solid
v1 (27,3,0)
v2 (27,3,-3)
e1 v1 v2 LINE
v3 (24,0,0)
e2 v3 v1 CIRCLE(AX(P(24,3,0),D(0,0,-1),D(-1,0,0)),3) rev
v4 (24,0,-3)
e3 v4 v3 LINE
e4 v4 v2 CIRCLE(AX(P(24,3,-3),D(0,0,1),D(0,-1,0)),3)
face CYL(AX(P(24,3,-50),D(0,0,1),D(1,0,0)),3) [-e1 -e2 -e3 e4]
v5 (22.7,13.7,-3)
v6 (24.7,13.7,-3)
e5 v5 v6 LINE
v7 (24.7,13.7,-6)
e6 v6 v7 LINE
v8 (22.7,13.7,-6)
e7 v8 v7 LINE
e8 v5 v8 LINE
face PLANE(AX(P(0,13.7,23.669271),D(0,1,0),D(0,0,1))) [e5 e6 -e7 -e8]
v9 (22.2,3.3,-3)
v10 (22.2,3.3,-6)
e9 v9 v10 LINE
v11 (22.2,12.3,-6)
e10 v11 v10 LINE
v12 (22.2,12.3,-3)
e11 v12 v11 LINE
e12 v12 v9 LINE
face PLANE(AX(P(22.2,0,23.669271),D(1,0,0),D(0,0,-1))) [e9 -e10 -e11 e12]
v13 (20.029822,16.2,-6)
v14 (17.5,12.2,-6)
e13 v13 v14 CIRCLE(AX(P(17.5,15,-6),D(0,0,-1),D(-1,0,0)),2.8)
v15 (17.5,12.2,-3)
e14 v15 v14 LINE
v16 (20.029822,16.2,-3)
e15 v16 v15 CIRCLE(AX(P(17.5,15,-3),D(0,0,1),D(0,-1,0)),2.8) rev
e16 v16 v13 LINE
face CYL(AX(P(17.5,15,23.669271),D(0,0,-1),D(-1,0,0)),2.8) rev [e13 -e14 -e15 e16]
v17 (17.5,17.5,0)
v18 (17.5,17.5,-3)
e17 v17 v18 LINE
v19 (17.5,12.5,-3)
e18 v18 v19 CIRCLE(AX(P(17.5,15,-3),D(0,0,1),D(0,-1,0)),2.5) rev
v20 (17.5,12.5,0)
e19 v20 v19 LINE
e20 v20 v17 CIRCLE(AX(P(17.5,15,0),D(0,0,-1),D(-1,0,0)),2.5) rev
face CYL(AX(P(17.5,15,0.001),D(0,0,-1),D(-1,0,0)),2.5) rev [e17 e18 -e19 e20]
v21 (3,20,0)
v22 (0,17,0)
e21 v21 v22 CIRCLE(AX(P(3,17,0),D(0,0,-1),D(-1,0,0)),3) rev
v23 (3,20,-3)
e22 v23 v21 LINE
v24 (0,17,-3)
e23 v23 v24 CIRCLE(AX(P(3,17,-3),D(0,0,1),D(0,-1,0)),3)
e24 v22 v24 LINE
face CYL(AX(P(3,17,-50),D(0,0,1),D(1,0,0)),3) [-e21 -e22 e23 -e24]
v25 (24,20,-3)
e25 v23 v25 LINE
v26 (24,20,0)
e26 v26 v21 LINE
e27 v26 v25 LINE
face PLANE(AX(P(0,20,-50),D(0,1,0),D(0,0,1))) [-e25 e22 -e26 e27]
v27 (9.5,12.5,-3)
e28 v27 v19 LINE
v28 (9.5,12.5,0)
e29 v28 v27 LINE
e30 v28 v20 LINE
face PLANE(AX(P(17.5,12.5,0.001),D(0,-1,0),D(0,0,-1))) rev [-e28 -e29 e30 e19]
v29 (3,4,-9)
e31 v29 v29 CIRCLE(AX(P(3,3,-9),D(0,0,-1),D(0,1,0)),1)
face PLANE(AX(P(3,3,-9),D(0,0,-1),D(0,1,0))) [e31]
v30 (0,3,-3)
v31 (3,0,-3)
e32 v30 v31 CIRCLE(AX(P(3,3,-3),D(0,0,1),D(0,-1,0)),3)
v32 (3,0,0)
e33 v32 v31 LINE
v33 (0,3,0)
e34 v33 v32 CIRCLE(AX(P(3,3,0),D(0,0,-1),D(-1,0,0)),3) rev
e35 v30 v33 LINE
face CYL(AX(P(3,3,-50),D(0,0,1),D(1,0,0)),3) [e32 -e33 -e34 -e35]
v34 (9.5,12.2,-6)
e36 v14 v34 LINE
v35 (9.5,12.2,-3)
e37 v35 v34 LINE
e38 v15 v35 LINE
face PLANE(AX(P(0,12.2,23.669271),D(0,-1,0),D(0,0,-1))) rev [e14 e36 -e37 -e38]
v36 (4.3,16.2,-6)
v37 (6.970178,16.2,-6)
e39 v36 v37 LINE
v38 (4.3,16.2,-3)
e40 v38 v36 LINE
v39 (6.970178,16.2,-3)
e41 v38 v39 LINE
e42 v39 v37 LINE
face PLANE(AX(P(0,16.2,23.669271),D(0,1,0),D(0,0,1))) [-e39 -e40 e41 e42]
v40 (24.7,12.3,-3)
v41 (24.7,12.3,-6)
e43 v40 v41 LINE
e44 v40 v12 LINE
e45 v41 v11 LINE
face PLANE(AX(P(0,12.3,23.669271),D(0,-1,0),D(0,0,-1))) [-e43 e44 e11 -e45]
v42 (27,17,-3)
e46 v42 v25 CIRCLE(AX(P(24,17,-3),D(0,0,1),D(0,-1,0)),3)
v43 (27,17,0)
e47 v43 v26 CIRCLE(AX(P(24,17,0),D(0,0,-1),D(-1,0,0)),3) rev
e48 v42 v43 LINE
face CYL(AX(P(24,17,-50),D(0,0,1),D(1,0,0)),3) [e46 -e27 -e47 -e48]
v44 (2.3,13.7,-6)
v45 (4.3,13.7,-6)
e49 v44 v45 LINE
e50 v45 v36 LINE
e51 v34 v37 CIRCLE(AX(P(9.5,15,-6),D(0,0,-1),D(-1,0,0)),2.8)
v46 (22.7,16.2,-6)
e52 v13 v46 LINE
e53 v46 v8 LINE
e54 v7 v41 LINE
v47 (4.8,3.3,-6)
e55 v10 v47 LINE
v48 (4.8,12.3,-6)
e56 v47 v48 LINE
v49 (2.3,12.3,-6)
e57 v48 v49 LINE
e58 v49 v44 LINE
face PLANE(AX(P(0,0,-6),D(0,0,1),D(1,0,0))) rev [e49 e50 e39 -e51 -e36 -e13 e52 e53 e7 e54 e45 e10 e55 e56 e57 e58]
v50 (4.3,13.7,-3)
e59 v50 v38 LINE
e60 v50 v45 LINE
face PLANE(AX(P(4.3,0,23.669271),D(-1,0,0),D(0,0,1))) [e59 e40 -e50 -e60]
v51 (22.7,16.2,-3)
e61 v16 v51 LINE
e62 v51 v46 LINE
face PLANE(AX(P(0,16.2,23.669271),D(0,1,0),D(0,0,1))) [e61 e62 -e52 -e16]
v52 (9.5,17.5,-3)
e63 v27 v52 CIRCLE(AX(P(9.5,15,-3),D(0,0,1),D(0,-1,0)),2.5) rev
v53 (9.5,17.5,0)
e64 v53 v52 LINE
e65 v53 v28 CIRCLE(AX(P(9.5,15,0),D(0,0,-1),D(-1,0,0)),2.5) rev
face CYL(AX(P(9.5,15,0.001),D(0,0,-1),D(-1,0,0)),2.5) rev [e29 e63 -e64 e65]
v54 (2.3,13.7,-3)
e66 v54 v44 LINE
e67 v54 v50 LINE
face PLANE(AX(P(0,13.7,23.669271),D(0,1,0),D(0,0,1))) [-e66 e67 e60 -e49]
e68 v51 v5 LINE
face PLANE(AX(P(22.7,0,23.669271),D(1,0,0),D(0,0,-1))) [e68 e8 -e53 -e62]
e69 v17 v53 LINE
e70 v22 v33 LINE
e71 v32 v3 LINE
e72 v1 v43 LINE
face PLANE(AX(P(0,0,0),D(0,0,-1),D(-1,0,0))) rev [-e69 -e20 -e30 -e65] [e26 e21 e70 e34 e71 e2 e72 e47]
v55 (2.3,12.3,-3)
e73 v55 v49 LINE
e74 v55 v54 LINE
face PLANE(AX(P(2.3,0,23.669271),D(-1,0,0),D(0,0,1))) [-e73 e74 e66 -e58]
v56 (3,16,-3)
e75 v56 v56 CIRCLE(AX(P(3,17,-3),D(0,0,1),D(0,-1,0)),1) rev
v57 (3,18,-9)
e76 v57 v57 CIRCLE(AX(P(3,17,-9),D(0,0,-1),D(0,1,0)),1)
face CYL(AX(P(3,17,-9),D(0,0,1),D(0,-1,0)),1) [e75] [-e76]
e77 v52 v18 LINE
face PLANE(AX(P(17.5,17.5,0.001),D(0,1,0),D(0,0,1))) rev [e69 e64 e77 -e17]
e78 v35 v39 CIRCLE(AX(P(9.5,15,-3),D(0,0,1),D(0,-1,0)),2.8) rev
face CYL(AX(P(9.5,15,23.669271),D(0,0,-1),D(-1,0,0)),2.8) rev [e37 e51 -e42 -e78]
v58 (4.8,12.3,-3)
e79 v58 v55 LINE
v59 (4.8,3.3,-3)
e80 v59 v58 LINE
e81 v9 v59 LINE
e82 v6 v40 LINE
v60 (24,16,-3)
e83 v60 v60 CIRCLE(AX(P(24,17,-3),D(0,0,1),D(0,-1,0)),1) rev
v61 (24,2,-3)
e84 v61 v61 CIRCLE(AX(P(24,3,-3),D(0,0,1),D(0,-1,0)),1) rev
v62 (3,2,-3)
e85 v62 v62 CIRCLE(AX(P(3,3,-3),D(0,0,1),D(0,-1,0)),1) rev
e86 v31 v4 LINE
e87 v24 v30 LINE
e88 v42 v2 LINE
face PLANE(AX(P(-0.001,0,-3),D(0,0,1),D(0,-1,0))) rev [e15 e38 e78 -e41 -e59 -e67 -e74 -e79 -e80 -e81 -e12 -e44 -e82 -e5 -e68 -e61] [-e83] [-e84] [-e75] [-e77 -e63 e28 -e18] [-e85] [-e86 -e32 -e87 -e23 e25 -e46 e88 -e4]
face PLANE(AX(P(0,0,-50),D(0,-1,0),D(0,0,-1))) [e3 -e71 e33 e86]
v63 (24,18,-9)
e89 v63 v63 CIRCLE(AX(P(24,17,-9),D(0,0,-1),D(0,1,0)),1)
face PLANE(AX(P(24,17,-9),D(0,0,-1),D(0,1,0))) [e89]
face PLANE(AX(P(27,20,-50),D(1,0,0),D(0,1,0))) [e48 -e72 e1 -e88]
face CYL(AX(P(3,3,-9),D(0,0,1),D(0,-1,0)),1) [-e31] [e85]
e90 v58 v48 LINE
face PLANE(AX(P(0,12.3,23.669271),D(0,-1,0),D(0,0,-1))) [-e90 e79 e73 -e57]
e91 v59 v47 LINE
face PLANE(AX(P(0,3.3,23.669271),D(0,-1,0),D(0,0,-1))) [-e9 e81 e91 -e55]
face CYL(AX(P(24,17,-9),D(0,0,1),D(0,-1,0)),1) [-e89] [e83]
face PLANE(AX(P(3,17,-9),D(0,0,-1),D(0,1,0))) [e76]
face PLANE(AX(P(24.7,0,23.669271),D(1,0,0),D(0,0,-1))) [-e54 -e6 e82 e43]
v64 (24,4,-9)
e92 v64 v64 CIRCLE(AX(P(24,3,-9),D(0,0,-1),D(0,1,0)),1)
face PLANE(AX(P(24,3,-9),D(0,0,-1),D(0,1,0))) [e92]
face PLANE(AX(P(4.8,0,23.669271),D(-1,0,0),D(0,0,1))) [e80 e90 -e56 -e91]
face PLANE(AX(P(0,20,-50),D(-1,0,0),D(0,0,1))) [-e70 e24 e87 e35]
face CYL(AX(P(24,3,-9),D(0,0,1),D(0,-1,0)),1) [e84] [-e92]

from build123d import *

# Parameters (mm, degrees)
SKETCH1_W           = 27
SKETCH1_H           = 20
BOSS_EXTRUDE1_DEPTH = 50
SKETCH2_W           = 19
SKETCH2_H           = 14
BOSS_EXTRUDE2_DEPTH = 2
SKETCH3_W           = 23
SKETCH3_H           = 2
CUT_EXTRUDE1_DEPTH  = 48
SKETCH4_W           = 0.5
SKETCH4_H           = 9
SKETCH4_W_2         = 19
SKETCH4_H_2         = 0.5
BOSS_EXTRUDE3_DEPTH = 48
FILLET1_R           = 3
CUT_EXTRUDE6_REACH  = 62.241
SKETCH7_W           = 47
SKETCH7_H           = 20
BOSS_EXTRUDE5_DEPTH = 6
CUT_EXTRUDE7_REACH  = 36.132
SKETCH9_R           = 1
BOSS_EXTRUDE6_DEPTH = 6
CUT_EXTRUDE8_DEPTH  = 3


with BuildPart() as part:
    # Sketch1 → Boss-Extrude1 (new body)
    with BuildSketch(Plane.XY):
        with Locations((13.5, 10)):
            Rectangle(SKETCH1_W, SKETCH1_H)
        Polygon((4, 17), (23, 17), (23, 16), (23, 4), (23, 3), (4, 3), (4, 4), (4, 16), align=None, mode=Mode.SUBTRACT)
    extrude(amount=-BOSS_EXTRUDE1_DEPTH)

    # Sketch2 → Boss-Extrude2 (add)
    with BuildSketch(Plane(origin=(0, 0, -50), x_dir=(-1, 0, 0), z_dir=(0, 0, -1))):
        with Locations((-13.5, 10)):
            Rectangle(SKETCH2_W, SKETCH2_H)
    extrude(amount=-BOSS_EXTRUDE2_DEPTH)

    # Sketch3 → Cut-Extrude1 (cut)
    with BuildSketch(Plane.XY):
        with Locations((13.5, 13)):
            Rectangle(SKETCH3_W, SKETCH3_H)
    extrude(amount=-CUT_EXTRUDE1_DEPTH, mode=Mode.SUBTRACT)

    # Sketch4 → Boss-Extrude3 (add)
    with BuildSketch(Plane.XY):
        with Locations((4.25, 7.5)):
            Rectangle(SKETCH4_W, SKETCH4_H)
        with Locations((22.75, 7.5)):
            Rectangle(SKETCH4_W, SKETCH4_H)
        with Locations((13.5, 16.75)):
            Rectangle(SKETCH4_W_2, SKETCH4_H_2)
    extrude(amount=-BOSS_EXTRUDE3_DEPTH)

    # Fillet1
    fillet1_edges = [part.edges().sort_by_distance(p)[0] for p in [
        (0, 0, -25),
        (0, 20, -25),
        (27, 20, -25),
        (27, 0, -25),
    ]]
    fillet(fillet1_edges, radius=FILLET1_R)

    # Sketch7 → Cut-Extrude6 (cut, up to next)
    with BuildSketch(Plane(origin=(27, 0, 0), x_dir=(0, 0, -1), z_dir=(1, 0, 0)), mode=Mode.PRIVATE) as cut_extrude6_sk1:
        with Locations((26.5, 10)):
            Rectangle(SKETCH7_W, SKETCH7_H)
    cut_extrude6_tool1 = extrude(cut_extrude6_sk1.sketch, amount=-CUT_EXTRUDE6_REACH, mode=Mode.PRIVATE) & part.part
    add(cut_extrude6_tool1.solids().sort_by_distance((27, 10, -26.5))[0], mode=Mode.SUBTRACT)

    # Sketch5 → Boss-Extrude5 (add)
    with BuildSketch(Plane.XY):
        Polygon((22.5, 3), (4.5, 3), (4.5, 12), (2, 12), (2, 14), (4, 14), (4, 16.5), (23, 16.5), (23, 14), (25, 14), (25, 12), (22.5, 12), align=None)
    extrude(amount=-BOSS_EXTRUDE5_DEPTH)

    # Sketch8 → Cut-Extrude7 (cut, up to next)
    with BuildSketch(Plane(origin=(0, 0, -6), x_dir=(-1, 0, 0), z_dir=(0, 0, -1)), mode=Mode.PRIVATE) as cut_extrude7_sk1:
        with BuildLine():
            Line((-17.5, 17.5), (-9.5, 17.5))
            ThreePointArc((-9.5, 17.5), (-7, 15), (-9.5, 12.5))
            Line((-9.5, 12.5), (-17.5, 12.5))
            ThreePointArc((-17.5, 12.5), (-20, 15), (-17.5, 17.5))
        make_face()
    cut_extrude7_tool1 = extrude(cut_extrude7_sk1.sketch, amount=-CUT_EXTRUDE7_REACH, mode=Mode.PRIVATE) & part.part
    add(cut_extrude7_tool1.solids().sort_by_distance((13.5, 15, -6))[0], mode=Mode.SUBTRACT)

    # Sketch9 → Boss-Extrude6 (add)
    with BuildSketch(Plane(origin=(0, 0, -3), x_dir=(-1, 0, 0), z_dir=(0, 0, -1))):
        with Locations(Location((-24, 17, 0), (0, 0, 270))):
            Circle(SKETCH9_R)
        with Locations(Location((-3, 17, 0), (0, 0, 270))):
            Circle(SKETCH9_R)
        with Locations(Location((-3, 3, 0), (0, 0, 270))):
            Circle(SKETCH9_R)
        with Locations(Location((-24, 3, 0), (0, 0, 270))):
            Circle(SKETCH9_R)
    extrude(amount=BOSS_EXTRUDE6_DEPTH)

    # Sketch11 → Cut-Extrude8 (cut)
    with BuildSketch(Plane(origin=(0, 0, -6), x_dir=(-1, 0, 0), z_dir=(0, 0, -1))):
        with BuildLine():
            ThreePointArc((-7.5, 16.5), (-7.263932023, 13.881966011), (-9.5, 12.5))
            Line((-9.5, 12.5), (-17.5, 12.5))
            ThreePointArc((-17.5, 12.5), (-19.736067977, 13.881966011), (-19.5, 16.5))
            Line((-19.5, 16.5), (-23, 16.5))
            Line((-23, 16.5), (-23, 14))
            Line((-23, 14), (-25, 14))
            Line((-25, 14), (-25, 12))
            Line((-25, 12), (-22.5, 12))
            Line((-22.5, 12), (-22.5, 3))
            Line((-22.5, 3), (-4.5, 3))
            Line((-4.5, 3), (-4.5, 12))
            Line((-4.5, 12), (-2, 12))
            Line((-2, 12), (-2, 14))
            Line((-2, 14), (-4, 14))
            Line((-4, 14), (-4, 16.5))
            Line((-4, 16.5), (-7.5, 16.5))
        make_face()
        with BuildLine():
            Line((-20.029822128, 16.2), (-22.7, 16.2))
            Line((-22.7, 16.2), (-22.7, 13.7))
            Line((-22.7, 13.7), (-24.7, 13.7))
            Line((-24.7, 13.7), (-24.7, 12.3))
            Line((-24.7, 12.3), (-22.2, 12.3))
            Line((-22.2, 12.3), (-22.2, 3.3))
            Line((-22.2, 3.3), (-4.8, 3.3))
            Line((-4.8, 3.3), (-4.8, 12.3))
            Line((-4.8, 12.3), (-2.3, 12.3))
            Line((-2.3, 12.3), (-2.3, 13.7))
            Line((-2.3, 13.7), (-4.3, 13.7))
            Line((-4.3, 13.7), (-4.3, 16.2))
            Line((-4.3, 16.2), (-6.970177872, 16.2))
            ThreePointArc((-6.970177872, 16.2), (-7.133568087, 13.503337045), (-9.5, 12.2))
            Line((-9.5, 12.2), (-17.5, 12.2))
            ThreePointArc((-17.5, 12.2), (-19.866431913, 13.503337045), (-20.029822128, 16.2))
        make_face(mode=Mode.SUBTRACT)
    extrude(amount=-CUT_EXTRUDE8_DEPTH, mode=Mode.SUBTRACT)


solid = part.part
